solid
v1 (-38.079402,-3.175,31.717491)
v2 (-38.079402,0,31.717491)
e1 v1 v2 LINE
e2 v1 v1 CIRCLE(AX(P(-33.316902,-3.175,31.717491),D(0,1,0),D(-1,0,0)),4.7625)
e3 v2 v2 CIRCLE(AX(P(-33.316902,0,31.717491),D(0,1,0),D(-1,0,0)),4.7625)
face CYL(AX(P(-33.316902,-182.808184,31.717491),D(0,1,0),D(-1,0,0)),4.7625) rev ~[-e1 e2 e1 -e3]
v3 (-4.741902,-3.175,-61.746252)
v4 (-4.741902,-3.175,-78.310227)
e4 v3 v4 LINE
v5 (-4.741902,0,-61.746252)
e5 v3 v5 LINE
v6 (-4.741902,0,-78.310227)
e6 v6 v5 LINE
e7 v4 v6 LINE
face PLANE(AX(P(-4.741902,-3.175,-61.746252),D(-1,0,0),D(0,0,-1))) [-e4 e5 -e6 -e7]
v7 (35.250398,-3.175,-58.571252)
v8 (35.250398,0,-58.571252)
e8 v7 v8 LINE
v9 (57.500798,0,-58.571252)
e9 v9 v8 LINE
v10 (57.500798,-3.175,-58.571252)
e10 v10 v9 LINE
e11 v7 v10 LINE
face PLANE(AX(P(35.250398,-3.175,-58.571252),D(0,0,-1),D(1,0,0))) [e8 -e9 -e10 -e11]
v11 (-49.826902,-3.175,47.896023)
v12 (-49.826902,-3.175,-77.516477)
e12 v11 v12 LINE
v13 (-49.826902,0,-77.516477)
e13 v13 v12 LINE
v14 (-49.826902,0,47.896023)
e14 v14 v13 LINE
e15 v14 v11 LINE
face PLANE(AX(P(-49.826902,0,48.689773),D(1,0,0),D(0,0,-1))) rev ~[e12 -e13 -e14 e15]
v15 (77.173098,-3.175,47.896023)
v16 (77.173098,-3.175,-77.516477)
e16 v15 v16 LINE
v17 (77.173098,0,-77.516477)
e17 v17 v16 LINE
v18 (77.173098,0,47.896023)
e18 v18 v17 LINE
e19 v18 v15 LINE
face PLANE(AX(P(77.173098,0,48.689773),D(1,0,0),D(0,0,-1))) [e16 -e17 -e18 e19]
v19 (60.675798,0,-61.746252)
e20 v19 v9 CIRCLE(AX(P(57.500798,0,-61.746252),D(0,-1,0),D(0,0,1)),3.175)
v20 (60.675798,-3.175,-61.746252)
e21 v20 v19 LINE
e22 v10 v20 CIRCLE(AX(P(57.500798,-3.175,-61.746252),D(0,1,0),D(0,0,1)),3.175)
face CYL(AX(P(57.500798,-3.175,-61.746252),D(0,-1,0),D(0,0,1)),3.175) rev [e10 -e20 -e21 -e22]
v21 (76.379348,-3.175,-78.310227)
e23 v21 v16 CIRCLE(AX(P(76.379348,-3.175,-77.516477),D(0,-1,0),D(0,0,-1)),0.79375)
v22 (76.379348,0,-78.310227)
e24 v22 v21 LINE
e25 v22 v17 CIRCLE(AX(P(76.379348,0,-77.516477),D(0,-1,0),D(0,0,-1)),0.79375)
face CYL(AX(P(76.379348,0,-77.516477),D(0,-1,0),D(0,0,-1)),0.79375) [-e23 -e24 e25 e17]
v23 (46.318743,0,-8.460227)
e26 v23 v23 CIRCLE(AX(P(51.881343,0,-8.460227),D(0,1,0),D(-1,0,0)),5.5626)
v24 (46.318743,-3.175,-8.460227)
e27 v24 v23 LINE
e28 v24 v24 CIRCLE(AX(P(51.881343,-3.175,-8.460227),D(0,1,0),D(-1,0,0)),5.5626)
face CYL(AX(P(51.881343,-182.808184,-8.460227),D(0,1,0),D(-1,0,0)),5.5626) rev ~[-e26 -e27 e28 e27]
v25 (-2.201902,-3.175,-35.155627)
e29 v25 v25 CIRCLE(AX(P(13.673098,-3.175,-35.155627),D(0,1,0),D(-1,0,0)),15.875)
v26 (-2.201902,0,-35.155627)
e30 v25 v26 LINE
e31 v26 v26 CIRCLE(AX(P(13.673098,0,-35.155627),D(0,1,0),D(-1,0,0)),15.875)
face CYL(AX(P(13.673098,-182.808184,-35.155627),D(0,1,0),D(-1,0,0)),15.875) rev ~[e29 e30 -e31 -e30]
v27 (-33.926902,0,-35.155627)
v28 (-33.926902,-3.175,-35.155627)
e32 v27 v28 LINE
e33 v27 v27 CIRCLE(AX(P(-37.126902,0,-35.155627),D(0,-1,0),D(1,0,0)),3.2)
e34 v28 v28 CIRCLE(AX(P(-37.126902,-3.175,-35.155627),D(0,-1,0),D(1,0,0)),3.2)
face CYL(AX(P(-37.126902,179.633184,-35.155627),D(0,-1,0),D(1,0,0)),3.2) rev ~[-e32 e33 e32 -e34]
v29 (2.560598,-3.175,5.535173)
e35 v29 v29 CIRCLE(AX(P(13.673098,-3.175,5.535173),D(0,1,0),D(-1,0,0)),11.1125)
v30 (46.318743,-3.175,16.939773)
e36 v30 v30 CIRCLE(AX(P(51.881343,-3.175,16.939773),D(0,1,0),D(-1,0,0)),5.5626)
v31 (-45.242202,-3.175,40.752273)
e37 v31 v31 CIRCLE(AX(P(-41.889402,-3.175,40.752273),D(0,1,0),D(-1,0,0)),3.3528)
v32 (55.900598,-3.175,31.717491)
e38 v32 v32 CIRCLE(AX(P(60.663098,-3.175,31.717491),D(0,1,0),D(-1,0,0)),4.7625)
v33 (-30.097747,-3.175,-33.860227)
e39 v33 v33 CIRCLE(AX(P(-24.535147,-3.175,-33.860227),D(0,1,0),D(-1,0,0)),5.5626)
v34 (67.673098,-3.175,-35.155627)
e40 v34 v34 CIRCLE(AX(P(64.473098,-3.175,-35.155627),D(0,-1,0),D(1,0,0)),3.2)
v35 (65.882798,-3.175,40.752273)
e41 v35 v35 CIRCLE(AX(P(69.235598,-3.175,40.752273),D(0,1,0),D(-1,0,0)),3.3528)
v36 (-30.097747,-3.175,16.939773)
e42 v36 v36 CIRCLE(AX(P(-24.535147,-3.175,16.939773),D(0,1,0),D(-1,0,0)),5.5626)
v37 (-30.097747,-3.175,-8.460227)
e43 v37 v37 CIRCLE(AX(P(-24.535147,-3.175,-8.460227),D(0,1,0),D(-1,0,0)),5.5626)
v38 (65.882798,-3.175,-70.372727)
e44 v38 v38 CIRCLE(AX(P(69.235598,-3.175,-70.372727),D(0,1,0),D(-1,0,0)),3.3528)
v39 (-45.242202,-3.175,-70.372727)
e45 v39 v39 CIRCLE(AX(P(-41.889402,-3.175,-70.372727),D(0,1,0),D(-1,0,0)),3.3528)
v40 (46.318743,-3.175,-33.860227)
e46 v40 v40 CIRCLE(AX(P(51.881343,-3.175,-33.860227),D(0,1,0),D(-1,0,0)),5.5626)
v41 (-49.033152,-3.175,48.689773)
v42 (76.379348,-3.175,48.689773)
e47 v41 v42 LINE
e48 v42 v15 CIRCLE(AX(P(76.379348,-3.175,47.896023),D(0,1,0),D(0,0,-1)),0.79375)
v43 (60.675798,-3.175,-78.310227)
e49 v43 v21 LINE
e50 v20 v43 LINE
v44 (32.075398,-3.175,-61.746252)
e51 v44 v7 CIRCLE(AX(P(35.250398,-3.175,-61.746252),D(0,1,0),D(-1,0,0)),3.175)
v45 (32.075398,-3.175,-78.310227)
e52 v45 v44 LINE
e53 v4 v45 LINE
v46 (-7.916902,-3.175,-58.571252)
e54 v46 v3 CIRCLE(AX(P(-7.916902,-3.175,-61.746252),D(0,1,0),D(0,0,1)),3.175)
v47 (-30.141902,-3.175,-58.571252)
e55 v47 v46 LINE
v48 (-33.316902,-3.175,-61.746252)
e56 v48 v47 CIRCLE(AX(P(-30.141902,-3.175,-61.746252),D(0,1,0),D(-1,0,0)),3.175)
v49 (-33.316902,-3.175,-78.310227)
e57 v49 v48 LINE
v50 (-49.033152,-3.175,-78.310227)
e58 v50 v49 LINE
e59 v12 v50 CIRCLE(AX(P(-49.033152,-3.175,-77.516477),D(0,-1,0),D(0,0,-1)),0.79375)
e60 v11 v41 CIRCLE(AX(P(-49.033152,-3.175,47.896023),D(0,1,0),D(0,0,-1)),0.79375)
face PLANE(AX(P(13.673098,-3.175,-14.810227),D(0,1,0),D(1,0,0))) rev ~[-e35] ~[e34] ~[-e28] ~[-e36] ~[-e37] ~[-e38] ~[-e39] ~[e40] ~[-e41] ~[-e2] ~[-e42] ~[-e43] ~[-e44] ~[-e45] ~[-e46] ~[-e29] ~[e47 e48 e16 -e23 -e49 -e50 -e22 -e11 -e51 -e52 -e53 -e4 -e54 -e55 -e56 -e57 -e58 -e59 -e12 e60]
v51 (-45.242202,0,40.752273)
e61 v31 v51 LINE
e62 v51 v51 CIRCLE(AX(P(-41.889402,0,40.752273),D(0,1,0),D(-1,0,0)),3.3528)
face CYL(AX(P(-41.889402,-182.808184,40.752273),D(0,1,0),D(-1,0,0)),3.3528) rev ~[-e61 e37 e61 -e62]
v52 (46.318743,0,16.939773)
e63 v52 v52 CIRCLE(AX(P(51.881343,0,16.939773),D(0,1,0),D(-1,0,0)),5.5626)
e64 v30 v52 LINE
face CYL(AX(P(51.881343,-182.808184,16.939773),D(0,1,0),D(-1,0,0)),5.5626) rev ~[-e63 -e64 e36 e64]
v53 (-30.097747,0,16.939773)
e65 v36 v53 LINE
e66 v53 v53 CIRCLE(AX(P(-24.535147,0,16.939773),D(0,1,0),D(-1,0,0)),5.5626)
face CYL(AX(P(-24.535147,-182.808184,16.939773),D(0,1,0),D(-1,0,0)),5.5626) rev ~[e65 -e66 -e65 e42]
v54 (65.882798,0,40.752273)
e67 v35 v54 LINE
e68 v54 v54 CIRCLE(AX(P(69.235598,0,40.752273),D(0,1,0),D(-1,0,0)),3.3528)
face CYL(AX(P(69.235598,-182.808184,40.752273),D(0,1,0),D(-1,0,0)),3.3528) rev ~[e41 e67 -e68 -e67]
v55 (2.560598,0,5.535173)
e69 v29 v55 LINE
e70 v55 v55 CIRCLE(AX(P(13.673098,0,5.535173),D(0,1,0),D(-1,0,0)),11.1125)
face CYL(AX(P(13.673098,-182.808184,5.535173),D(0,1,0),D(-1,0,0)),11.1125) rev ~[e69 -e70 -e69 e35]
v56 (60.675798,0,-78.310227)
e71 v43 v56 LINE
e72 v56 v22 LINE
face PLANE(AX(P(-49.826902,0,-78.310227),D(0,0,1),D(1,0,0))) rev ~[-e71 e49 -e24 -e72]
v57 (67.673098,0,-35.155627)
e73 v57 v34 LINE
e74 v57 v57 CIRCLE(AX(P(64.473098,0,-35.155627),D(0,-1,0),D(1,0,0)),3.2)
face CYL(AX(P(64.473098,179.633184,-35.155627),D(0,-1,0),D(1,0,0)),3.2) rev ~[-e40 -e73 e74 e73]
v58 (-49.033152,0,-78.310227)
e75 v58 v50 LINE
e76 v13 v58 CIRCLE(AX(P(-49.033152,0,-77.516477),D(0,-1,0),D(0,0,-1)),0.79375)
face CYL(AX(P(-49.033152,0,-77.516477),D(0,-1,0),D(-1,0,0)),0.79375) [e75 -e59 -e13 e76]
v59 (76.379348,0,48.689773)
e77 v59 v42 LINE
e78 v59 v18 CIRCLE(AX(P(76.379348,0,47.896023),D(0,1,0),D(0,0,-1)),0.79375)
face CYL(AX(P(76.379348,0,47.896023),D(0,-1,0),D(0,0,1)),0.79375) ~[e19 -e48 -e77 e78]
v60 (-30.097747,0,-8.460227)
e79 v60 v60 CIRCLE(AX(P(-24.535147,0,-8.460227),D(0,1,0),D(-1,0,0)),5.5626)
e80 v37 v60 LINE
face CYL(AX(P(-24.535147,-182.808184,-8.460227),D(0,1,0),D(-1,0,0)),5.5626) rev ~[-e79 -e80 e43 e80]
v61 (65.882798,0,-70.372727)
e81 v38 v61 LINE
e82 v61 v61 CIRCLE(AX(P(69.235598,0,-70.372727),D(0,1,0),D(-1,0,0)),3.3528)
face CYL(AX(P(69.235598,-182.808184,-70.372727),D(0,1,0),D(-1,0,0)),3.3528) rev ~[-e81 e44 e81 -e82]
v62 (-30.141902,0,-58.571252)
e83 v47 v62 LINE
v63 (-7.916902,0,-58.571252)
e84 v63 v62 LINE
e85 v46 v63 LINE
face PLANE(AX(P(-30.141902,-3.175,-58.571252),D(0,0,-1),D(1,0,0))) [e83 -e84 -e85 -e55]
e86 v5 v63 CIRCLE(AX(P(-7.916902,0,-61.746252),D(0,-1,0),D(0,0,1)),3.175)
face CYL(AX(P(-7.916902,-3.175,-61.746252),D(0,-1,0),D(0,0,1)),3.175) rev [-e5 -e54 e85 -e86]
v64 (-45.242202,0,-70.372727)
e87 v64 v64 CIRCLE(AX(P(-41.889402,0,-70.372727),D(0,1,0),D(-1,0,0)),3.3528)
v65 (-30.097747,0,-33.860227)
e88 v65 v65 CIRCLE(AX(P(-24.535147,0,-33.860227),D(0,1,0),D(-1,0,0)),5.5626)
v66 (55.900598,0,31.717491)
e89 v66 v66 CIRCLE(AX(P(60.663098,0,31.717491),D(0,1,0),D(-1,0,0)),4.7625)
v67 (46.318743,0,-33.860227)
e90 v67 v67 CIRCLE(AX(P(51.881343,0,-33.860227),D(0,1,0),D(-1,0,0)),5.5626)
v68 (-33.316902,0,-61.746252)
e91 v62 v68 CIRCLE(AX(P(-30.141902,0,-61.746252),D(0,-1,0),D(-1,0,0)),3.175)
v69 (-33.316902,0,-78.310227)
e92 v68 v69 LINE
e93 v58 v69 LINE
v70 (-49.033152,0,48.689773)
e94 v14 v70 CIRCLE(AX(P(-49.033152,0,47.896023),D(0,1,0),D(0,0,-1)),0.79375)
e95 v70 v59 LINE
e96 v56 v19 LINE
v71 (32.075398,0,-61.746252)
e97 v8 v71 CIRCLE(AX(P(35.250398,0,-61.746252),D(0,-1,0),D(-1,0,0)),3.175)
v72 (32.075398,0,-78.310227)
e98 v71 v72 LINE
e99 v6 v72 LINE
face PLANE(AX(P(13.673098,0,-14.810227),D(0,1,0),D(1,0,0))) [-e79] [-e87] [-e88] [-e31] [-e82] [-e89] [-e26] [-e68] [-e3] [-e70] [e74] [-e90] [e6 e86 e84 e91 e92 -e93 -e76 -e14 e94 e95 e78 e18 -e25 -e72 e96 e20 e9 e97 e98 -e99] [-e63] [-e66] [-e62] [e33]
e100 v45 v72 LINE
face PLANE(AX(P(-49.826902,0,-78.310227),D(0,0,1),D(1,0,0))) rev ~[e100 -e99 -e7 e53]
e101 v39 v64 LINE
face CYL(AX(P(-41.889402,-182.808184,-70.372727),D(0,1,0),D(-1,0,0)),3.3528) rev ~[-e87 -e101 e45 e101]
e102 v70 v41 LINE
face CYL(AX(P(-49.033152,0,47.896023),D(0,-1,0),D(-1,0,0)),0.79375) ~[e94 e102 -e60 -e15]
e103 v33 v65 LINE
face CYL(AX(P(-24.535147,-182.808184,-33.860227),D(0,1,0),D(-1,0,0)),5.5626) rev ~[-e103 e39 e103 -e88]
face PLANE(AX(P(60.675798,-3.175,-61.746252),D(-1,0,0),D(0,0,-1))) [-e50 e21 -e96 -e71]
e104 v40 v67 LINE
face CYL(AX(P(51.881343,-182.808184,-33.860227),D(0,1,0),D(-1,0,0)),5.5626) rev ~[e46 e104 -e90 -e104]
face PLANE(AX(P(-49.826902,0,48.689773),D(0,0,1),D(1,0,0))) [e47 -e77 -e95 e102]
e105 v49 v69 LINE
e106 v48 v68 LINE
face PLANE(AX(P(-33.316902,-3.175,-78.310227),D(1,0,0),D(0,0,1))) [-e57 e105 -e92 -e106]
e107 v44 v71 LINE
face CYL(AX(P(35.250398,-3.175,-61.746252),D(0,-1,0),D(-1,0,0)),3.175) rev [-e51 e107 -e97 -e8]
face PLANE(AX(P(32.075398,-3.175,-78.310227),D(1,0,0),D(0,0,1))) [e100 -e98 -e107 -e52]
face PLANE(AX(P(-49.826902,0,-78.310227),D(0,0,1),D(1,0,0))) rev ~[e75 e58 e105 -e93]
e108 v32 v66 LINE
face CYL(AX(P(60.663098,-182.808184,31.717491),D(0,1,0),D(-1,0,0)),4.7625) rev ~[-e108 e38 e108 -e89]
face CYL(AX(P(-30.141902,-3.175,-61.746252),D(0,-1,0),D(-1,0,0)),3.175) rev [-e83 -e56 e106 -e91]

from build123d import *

# Parameters (mm, degrees)
SKETCH1_W                    = 127
SKETCH1_H                    = 127
BOSS_EXTRUDE1_DEPTH          = 3.175
M20_CLEARANCE_HOLE1_D        = 22.225
M6_CLEARANCE_HOLE1_D         = 6.7056
HOLE1_D                      = 31.75
M10_CLEARANCE_HOLE1_D        = 11.1252
FILLET1_R                    = 0.79375
M6_CLEARANCE_HOLE2_D         = 6.4
CUT_EXTRUDE1_DEPTH           = 110.992087544
F_3_8_0_375_DIAMETER_HOLE1_D = 9.525


with BuildPart() as part:
    # Sketch1 → Boss-Extrude1 (new body)
    with BuildSketch(Plane(origin=(0, 0, 0), x_dir=(1, 0, 0), z_dir=(0, 1, 0))):
        with Locations((13.673098237, 14.8102267)):
            Rectangle(SKETCH1_W, SKETCH1_H)
    extrude(amount=-BOSS_EXTRUDE1_DEPTH)

    # M20 Clearance Hole1 (through all)
    with Locations(Plane.XZ.offset(3.175)):
        with Locations((13.673098237, 5.5351733)):
            Hole(M20_CLEARANCE_HOLE1_D / 2)

    # M6 Clearance Hole1 (through all)
    with Locations(Plane.XZ.offset(3.175)):
        with Locations((-41.889401763, -70.3727267), (69.235598237, 40.7522733), (69.235598237, -70.3727267), (-41.889401763, 40.7522733)):
            Hole(M6_CLEARANCE_HOLE1_D / 2)

    # Hole1 (through all)
    with Locations(Plane.XZ.offset(3.175)):
        with Locations((13.673098237, -35.1556267)):
            Hole(HOLE1_D / 2)

    # M10 Clearance Hole1 (through all)
    with Locations(Plane.XZ.offset(3.175)):
        with Locations((-24.535146731, -33.8602267), (51.881343204, 16.9397733), (-24.535146731, -8.4602267), (-24.535146731, 16.9397733), (51.881343204, -33.8602267), (51.881343204, -8.4602267)):
            Hole(M10_CLEARANCE_HOLE1_D / 2)

    # Fillet1
    fillet1_edges = [part.edges().sort_by_distance(p)[0] for p in [
        (77.173098237, -1.5875, -78.3102267),
        (77.173098237, -1.5875, 48.6897733),
        (-49.826901763, -1.5875, 48.6897733),
        (-49.826901763, -1.5875, -78.3102267),
    ]]
    fillet(fillet1_edges, radius=FILLET1_R)

    # M6 Clearance Hole2 (through all)
    with Locations(Plane(origin=(0, 0, 0), x_dir=(-1, 0, 0), z_dir=(0, 1, 0))):
        with Locations((-64.473098237, -35.1556267), (37.126901763, -35.1556267)):
            Hole(M6_CLEARANCE_HOLE2_D / 2)

    # Sketch12 → Cut-Extrude1 (cut, through all)
    with BuildSketch(Plane.XZ.offset(3.175)):
        with BuildLine():
            Line((-33.316901763, -78.3102267), (-33.316901763, -61.7462517))
            ThreePointArc((-33.316901763, -61.7462517), (-32.386965793, -59.50118767), (-30.141901763, -58.5712517))
            Line((-30.141901763, -58.5712517), (-7.916901763, -58.5712517))
            ThreePointArc((-7.916901763, -58.5712517), (-5.671837733, -59.50118767), (-4.741901763, -61.7462517))
            Line((-4.741901763, -61.7462517), (-4.741901763, -78.3102267))
            Line((-4.741901763, -78.3102267), (-33.316901763, -78.3102267))
        make_face()
        with BuildLine():
            Line((32.075398237, -78.3102267), (32.075398237, -61.7462517))
            ThreePointArc((32.075398237, -61.7462517), (33.005334207, -59.50118767), (35.250398237, -58.5712517))
            Line((35.250398237, -58.5712517), (57.500798237, -58.5712517))
            ThreePointArc((57.500798237, -58.5712517), (59.745862267, -59.50118767), (60.675798237, -61.7462517))
            Line((60.675798237, -61.7462517), (60.675798237, -78.3102267))
            Line((60.675798237, -78.3102267), (32.075398237, -78.3102267))
        make_face()
    extrude(amount=-CUT_EXTRUDE1_DEPTH, mode=Mode.SUBTRACT)

    # 3/8 (0.375) Diameter Hole1 (through all)
    with Locations(Plane.XZ.offset(3.175)):
        with Locations((60.663098237, 31.717491348), (-33.316901763, 31.717491348)):
            Hole(F_3_8_0_375_DIAMETER_HOLE1_D / 2)


solid = part.part
